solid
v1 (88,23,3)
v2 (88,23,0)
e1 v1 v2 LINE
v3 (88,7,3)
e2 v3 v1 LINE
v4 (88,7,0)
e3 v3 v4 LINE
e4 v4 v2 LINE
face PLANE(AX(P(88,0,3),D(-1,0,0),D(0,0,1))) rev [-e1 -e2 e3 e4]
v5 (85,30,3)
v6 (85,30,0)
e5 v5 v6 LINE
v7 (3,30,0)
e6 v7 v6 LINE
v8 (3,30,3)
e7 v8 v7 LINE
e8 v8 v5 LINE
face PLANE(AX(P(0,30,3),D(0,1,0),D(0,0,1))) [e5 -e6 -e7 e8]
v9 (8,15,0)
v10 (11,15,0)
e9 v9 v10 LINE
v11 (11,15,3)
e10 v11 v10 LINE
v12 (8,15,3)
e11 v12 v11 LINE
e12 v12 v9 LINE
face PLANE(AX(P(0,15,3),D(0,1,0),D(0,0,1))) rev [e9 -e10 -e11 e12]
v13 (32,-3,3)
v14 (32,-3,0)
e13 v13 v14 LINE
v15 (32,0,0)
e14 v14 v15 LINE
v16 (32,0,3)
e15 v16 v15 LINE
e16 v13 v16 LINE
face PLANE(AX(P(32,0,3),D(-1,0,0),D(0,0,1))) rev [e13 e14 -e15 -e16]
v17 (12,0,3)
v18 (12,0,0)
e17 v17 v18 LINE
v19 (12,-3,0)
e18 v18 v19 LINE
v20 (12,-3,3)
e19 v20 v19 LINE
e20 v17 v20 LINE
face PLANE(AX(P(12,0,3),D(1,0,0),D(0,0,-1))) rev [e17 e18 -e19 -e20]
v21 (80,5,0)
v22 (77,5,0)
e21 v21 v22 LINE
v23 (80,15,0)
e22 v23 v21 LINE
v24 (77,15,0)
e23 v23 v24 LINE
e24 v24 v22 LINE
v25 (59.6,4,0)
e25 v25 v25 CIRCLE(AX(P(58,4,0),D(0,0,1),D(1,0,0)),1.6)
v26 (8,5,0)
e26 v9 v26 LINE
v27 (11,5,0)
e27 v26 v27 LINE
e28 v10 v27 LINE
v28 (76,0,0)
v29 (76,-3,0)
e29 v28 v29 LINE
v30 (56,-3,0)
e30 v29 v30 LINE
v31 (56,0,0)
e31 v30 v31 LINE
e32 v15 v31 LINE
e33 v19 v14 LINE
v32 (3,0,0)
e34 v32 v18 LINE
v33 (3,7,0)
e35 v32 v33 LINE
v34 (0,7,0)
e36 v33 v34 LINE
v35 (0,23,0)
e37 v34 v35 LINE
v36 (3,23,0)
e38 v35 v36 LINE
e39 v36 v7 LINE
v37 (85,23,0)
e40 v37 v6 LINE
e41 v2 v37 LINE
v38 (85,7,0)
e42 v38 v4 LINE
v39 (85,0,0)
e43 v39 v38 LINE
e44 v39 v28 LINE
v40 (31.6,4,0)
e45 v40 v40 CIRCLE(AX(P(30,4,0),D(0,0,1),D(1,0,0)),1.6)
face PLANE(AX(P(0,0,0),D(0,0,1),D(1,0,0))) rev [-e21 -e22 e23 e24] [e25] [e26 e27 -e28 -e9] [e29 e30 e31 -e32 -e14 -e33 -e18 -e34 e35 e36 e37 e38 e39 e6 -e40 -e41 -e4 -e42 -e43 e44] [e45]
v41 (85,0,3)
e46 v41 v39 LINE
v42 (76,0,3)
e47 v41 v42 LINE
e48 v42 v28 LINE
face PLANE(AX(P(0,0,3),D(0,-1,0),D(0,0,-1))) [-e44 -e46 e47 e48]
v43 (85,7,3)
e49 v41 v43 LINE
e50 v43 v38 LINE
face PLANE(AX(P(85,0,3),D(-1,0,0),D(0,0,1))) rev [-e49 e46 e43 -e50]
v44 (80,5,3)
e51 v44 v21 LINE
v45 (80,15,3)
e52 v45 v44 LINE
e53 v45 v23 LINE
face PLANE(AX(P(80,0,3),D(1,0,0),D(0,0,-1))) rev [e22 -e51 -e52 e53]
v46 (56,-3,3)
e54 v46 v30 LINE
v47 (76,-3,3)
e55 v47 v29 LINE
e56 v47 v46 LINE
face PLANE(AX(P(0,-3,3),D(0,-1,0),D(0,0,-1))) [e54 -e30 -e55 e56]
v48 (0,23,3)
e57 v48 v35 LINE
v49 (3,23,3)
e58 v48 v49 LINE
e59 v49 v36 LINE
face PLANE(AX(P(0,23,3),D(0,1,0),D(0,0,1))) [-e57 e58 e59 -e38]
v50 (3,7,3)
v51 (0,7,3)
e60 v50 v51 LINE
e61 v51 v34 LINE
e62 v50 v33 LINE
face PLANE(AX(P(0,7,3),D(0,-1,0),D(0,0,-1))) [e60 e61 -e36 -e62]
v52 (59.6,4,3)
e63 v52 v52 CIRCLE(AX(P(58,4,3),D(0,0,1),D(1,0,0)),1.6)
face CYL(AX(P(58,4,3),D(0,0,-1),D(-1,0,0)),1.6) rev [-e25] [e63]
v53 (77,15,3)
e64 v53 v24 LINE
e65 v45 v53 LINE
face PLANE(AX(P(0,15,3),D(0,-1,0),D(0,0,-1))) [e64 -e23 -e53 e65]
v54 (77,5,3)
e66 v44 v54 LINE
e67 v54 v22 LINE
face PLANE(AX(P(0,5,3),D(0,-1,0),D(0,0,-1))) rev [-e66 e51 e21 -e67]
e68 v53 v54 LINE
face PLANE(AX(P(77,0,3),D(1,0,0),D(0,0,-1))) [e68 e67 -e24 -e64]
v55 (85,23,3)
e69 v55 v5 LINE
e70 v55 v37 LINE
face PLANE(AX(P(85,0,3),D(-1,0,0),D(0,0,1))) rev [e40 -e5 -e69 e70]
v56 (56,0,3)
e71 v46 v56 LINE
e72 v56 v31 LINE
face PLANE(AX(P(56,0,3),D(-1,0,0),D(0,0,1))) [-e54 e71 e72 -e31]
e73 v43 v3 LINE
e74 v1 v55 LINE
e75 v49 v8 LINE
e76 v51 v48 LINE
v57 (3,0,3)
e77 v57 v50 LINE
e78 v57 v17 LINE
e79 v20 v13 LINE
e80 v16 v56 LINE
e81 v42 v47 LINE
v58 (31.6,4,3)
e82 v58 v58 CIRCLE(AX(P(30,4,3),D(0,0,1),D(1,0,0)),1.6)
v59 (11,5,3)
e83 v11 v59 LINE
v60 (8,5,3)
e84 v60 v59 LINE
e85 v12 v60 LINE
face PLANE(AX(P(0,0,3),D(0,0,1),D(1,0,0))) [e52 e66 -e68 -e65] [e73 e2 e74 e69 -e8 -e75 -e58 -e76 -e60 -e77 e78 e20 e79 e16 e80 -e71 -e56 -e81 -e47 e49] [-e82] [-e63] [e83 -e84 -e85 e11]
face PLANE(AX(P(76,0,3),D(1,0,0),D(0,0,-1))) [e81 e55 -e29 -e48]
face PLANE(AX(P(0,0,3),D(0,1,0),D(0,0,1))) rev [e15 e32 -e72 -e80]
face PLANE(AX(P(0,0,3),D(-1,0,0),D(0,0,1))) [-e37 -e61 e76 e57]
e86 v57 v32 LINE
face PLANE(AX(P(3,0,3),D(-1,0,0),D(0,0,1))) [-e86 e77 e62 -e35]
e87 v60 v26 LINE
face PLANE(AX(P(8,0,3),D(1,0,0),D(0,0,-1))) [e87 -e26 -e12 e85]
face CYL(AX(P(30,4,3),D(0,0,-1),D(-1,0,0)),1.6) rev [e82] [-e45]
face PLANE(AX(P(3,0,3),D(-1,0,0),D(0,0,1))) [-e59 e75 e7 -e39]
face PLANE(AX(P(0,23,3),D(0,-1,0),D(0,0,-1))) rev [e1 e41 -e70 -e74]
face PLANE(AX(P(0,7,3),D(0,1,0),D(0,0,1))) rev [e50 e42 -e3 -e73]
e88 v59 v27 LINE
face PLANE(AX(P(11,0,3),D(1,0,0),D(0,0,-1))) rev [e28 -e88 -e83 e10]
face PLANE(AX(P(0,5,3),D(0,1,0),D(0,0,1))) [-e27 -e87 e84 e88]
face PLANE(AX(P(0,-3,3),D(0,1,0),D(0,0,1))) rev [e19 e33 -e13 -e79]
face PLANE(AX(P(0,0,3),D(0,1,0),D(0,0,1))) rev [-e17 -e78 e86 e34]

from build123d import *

# Parameters (mm, degrees)
SKETCH_1_R      = 1.6
SKETCH_1_W      = 3
SKETCH_1_H      = 10
EXTRUDE_1_DEPTH = 3


with BuildPart() as part:
    # 草图1 → 凸台-拉伸1 (new body)
    with BuildSketch(Plane.XY):
        Polygon((3, 0), (12, 0), (12, -3), (32, -3), (32, 0), (56, 0), (56, -3), (76, -3), (76, 0), (85, 0), (85, 7), (88, 7), (88, 23), (85, 23), (85, 30), (3, 30), (3, 23), (0, 23), (0, 7), (3, 7), align=None)
        with Locations((30, 4)):
            Circle(SKETCH_1_R, mode=Mode.SUBTRACT)
        with Locations((58, 4)):
            Circle(SKETCH_1_R, mode=Mode.SUBTRACT)
        with Locations((9.5, 10)):
            Rectangle(SKETCH_1_W, SKETCH_1_H, mode=Mode.SUBTRACT)
        with Locations((78.5, 10)):
            Rectangle(SKETCH_1_W, SKETCH_1_H, mode=Mode.SUBTRACT)
    extrude(amount=EXTRUDE_1_DEPTH)


solid = part.part
